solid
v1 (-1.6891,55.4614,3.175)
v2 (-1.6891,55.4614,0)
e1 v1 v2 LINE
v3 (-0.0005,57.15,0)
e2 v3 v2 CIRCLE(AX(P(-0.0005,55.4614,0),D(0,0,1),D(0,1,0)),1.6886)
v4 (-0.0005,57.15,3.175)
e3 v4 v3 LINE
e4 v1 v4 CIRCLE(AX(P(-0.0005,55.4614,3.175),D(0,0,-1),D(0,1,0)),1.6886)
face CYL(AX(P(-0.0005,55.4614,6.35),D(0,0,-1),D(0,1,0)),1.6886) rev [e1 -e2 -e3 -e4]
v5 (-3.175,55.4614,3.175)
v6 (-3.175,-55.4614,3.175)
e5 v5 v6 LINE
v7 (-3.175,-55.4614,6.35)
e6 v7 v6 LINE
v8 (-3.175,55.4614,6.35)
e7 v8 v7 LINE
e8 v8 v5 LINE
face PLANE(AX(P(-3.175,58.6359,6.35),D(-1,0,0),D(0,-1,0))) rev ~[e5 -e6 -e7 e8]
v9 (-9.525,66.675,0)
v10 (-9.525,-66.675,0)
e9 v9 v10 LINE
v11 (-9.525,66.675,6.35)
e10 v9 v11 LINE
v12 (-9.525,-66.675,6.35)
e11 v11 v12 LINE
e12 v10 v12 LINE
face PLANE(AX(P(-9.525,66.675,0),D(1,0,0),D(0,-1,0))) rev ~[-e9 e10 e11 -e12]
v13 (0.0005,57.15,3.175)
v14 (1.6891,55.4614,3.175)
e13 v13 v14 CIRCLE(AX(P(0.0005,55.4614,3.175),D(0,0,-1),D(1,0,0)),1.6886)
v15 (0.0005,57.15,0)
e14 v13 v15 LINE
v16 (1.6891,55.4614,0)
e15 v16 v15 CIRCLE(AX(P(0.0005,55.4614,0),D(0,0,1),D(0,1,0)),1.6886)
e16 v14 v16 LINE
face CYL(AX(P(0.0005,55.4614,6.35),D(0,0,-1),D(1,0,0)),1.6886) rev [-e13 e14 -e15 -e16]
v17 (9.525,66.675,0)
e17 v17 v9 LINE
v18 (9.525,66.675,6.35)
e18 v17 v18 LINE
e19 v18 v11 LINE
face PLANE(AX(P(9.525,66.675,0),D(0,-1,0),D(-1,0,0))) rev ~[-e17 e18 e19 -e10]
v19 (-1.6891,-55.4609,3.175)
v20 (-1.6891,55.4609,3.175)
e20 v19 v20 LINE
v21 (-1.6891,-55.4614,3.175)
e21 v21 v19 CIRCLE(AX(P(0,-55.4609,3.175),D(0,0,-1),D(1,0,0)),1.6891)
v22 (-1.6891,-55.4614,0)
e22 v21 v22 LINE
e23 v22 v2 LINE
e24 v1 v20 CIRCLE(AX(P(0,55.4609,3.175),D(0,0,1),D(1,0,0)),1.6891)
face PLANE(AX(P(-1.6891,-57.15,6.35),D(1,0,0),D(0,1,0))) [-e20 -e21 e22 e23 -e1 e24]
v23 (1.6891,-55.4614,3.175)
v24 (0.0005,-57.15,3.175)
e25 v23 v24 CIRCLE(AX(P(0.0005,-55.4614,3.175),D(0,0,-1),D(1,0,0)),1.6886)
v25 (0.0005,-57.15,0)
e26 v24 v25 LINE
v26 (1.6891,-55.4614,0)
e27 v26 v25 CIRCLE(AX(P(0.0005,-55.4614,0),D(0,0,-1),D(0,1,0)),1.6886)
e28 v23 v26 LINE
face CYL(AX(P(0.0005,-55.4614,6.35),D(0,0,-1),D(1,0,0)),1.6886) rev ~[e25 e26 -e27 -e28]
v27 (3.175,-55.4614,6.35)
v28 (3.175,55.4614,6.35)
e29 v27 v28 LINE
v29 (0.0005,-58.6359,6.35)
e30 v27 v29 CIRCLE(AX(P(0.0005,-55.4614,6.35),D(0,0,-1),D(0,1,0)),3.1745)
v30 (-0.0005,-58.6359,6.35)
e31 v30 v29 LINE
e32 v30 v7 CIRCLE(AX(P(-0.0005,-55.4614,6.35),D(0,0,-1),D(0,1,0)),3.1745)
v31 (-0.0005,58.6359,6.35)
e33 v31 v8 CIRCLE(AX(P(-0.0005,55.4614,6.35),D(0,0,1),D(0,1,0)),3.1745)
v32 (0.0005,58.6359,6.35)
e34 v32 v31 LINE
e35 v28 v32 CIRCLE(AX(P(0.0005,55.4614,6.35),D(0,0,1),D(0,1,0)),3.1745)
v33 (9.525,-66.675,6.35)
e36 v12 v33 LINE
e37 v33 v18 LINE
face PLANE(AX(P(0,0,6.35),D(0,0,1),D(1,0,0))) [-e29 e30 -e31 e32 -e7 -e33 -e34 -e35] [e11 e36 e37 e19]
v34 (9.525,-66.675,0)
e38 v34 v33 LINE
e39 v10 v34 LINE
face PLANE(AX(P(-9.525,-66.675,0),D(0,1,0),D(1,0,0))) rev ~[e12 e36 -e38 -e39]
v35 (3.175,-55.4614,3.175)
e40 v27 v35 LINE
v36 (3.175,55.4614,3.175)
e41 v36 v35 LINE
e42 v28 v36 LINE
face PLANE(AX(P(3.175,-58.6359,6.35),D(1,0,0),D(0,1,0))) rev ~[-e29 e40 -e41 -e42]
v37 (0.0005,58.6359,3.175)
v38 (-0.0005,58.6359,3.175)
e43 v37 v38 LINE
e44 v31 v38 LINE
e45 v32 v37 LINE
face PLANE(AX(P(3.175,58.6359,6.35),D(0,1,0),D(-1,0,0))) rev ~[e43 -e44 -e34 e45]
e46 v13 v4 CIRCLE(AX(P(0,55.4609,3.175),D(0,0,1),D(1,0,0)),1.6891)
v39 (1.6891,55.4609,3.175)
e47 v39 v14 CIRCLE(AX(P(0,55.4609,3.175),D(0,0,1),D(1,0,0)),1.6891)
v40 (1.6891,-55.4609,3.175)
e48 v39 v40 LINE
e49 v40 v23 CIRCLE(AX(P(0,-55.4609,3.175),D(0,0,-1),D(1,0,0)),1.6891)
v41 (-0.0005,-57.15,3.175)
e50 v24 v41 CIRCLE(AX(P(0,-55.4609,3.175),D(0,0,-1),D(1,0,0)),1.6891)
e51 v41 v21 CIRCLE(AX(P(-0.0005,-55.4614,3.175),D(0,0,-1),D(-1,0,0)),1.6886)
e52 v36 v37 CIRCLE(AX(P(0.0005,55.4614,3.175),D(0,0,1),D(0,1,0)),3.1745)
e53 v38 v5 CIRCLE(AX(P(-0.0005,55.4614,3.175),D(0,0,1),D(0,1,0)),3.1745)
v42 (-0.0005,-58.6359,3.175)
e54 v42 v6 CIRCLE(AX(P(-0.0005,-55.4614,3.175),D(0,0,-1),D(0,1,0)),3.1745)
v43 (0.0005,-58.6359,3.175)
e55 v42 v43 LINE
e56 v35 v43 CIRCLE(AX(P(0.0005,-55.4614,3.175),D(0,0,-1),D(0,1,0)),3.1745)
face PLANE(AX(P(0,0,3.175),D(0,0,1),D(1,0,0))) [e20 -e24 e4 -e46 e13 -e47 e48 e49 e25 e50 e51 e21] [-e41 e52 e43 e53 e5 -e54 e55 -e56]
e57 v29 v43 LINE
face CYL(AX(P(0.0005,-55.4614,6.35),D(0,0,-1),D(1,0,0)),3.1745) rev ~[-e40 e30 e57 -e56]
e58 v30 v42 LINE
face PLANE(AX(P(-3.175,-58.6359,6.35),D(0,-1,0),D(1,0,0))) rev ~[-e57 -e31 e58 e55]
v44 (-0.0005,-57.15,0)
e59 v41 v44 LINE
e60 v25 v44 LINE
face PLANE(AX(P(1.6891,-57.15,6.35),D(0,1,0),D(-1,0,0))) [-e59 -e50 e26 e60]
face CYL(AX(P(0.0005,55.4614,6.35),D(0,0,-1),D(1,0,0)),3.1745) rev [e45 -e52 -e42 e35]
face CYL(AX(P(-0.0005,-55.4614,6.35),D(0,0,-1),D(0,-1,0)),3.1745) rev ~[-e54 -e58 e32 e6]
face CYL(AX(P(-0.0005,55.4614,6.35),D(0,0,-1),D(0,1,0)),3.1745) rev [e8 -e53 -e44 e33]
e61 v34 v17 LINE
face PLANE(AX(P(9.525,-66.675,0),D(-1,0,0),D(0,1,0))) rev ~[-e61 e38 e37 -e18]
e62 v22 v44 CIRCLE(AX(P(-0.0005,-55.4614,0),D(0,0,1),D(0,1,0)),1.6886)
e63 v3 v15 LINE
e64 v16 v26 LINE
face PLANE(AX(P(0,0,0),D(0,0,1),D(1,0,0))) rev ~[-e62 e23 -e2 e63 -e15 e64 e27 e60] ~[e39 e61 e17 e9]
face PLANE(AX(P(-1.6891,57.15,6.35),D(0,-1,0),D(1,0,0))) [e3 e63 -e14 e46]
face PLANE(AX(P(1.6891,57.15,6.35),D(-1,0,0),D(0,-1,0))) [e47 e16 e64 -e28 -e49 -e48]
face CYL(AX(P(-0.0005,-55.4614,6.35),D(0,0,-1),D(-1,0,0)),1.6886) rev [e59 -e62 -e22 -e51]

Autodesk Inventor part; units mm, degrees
ref_plane "YZ Plane" through (0, 0, 0) normal (1, 0, 0) x (0, 1, 0)
ref_plane "XZ Plane" through (0, 0, 0) normal (0, 1, 0) x (-1, 0, 0)
ref_plane "XY Plane" through (0, 0, 0) normal (0, 0, 1) x (1, 0, 0)
sketch "Sketch1" plane through (0, 0, 0) normal (0, 0, 1) x (1, 0, 0)
  line L0 (-9.525, -66.675) -> (9.525, -66.675)
  line L1 (9.525, -66.675) -> (9.525, 66.675)
  line L2 (9.525, 66.675) -> (-9.525, 66.675)
  line L3 (-9.525, 66.675) -> (-9.525, -66.675)
  line L4 (-9.525, -66.675) -> (9.525, 66.675) construction
  line L5 (9.525, -66.675) -> (-9.525, 66.675) construction
  point P0 (0, 0)
  dimension "d0" = 19.05
  dimension "d1" = 133.35
extrude "Extrusion1" add sketch "Sketch1" along normal blind 6.35
sketch "Sketch4" plane through (0, 0, 6.35) normal (0, 0, 1) x (1, 0, 0)
  line L0 (1.6891, -57.15) -> (-1.6891, -57.15)
  line L1 (-1.6891, -57.15) -> (-1.6891, 57.15)
  line L2 (-1.6891, 57.15) -> (1.6891, 57.15)
  line L3 (1.6891, 57.15) -> (1.6891, -57.15)
  line L4 (1.6891, -57.15) -> (-1.6891, 57.15) construction
  line L5 (-1.6891, -57.15) -> (1.6891, 57.15) construction
  point P0 (0, 0)
  dimension "d16" = 3.3782
  dimension "d17" = 114.3
extrude "Extrusion3" cut sketch "Sketch4" against normal through all
fillet "Fillet2" radius 1.6891 4 edges at (-1.6891, 57.15, 3.175) (1.6891, 57.15, 3.175) (-1.6891, -57.15, 3.175) (1.6891, -57.15, 3.175)
sketch "Sketch5" plane through (0, 0, 6.35) normal (0, 0, 1) x (1, 0, 0)
  line L0 (-3.175, -58.6359) -> (3.175, -58.6359)
  line L1 (3.175, -58.6359) -> (3.175, 58.6359)
  line L2 (3.175, 58.6359) -> (-3.175, 58.6359)
  line L3 (-3.175, 58.6359) -> (-3.175, -58.6359)
  line L4 (-3.175, -58.6359) -> (3.175, 58.6359) construction
  line L5 (3.175, -58.6359) -> (-3.175, 58.6359) construction
  line L6 (1.6891, 55.4609) -> (1.6891, -55.4609) projected
  arc A0 (-1.6891, -55.4609) -> (1.6891, -55.4609) centre (0, -55.4609) ccw projected
  line L7 (-1.6891, -55.4609) -> (-1.6891, 55.4609) projected
  arc A1 (1.6891, 55.4609) -> (-1.6891, 55.4609) centre (0, 55.4609) ccw projected
  line L8 (-9.525, -66.675) -> (9.525, -66.675) projected
  line L9 (9.525, -66.675) -> (9.525, 66.675) projected
  line L10 (9.525, 66.675) -> (-9.525, 66.675) projected
  line L11 (-9.525, 66.675) -> (-9.525, -66.675) projected
  line L12 (-3.175, -58.6359) -> (3.175, -52.2859)
  point P0 (0, 0)
  dimension "d21" = 6.35
  dimension "d31" = 45
extrude "Extrusion4" cut sketch "Sketch5" against normal blind 3.175 contours L12 A0 L6 L1 L0 | L3 L2 L1 L12 L6 A1 L7 A0
fillet "Fillet3" radius 3.175 4 edges at (-3.175, -58.6359, 4.7625) (3.175, -58.6359, 4.7625) (3.175, 58.6359, 4.7625) (-3.175, 58.6359, 4.7625)
equation "\"d0\" = sensorHolderDepth"
equation "\"d1\" = width + internalAcrylicThickness"
equation "\"d2\" = acrylicThickness"
equation "\"d17\" = width - 2 * acrylicThickness"
equation "\"d18\" = acrylicThickness"
equation "\"acrylicThickness\" = 6.35"
equation "\"height\" = 127"
equation "\"width\" = 127"
equation "\"depth\" = 127"
equation "\"mirrorAngle\" = 5deg"
equation "\"detectorWidth\" = 52"
equation "\"detectorHeight\" = 52"
equation "\"mirrorThickness\" = 3.175"
equation "\"fresnelThickness\" = 0.1"
equation "\"focalLength\" = 76.2"
equation "\"ior\" = 1.49"
equation "\"centerThickness\" = 1.524"
equation "\"fresnelAngle\" = 90deg"
equation "\"fresnelEffectiveDiameter\" = 152.4"
equation "\"mirrorSuppourtWidth\" = 38.1"
equation "\"backGrooveBit\" = 4.8006"
equation "\"detectorOpeningWidth\" = 76.2"
equation "\"detectorOpeningHeight\" = 76.2"
equation "\"sensorHolderSensorHeight\" = 53.975"
equation "\"sensorHolderSensorWidth\" = 53.975"
equation "\"oRingWidth\" = 1.5875"
equation "\"sensorHolderORingID\" = 203.2"
equation "\"sensorHolderFlushORingID\" = 304.8"
equation "\"frontBackORingID\" = 419.1"
equation "\"mirrorGroove\" = 19.05"
equation "\"backMirrorGroove\" = 6.35"
equation "\"fresnelMirrorChamfer\" = 6.35"
equation "\"mirrorGrooveMill\" = 3.175"
equation "\"sensorHolderDepth\" = 19.05"
equation "\"internalAcrylicThicnkess\" = 6.35"
equation "\"frameAcrylicThickness\" = 9.525"
equation "\"internalAcrylicThickness\" = 6.35"
equation "\"aerogelClearence\" = 3.175"
equation "\"backplanePostionOffsett\" = 12.7"
equation "\"backplanePCBWidth\" = 76.2"
equation "\"backplanePCBHeight\" = 76.2"
equation "\"backplaneHoleOffsett\" = 6.35"
equation "\"moduleSlotClearence\" = 0.79375"
equation "\"plasticThickness\" = 6.35"
equation "\"aerogelHolderDepth\" = 37.30625"
properties part number "horizontalSupourt" material "ABS Plastic"
